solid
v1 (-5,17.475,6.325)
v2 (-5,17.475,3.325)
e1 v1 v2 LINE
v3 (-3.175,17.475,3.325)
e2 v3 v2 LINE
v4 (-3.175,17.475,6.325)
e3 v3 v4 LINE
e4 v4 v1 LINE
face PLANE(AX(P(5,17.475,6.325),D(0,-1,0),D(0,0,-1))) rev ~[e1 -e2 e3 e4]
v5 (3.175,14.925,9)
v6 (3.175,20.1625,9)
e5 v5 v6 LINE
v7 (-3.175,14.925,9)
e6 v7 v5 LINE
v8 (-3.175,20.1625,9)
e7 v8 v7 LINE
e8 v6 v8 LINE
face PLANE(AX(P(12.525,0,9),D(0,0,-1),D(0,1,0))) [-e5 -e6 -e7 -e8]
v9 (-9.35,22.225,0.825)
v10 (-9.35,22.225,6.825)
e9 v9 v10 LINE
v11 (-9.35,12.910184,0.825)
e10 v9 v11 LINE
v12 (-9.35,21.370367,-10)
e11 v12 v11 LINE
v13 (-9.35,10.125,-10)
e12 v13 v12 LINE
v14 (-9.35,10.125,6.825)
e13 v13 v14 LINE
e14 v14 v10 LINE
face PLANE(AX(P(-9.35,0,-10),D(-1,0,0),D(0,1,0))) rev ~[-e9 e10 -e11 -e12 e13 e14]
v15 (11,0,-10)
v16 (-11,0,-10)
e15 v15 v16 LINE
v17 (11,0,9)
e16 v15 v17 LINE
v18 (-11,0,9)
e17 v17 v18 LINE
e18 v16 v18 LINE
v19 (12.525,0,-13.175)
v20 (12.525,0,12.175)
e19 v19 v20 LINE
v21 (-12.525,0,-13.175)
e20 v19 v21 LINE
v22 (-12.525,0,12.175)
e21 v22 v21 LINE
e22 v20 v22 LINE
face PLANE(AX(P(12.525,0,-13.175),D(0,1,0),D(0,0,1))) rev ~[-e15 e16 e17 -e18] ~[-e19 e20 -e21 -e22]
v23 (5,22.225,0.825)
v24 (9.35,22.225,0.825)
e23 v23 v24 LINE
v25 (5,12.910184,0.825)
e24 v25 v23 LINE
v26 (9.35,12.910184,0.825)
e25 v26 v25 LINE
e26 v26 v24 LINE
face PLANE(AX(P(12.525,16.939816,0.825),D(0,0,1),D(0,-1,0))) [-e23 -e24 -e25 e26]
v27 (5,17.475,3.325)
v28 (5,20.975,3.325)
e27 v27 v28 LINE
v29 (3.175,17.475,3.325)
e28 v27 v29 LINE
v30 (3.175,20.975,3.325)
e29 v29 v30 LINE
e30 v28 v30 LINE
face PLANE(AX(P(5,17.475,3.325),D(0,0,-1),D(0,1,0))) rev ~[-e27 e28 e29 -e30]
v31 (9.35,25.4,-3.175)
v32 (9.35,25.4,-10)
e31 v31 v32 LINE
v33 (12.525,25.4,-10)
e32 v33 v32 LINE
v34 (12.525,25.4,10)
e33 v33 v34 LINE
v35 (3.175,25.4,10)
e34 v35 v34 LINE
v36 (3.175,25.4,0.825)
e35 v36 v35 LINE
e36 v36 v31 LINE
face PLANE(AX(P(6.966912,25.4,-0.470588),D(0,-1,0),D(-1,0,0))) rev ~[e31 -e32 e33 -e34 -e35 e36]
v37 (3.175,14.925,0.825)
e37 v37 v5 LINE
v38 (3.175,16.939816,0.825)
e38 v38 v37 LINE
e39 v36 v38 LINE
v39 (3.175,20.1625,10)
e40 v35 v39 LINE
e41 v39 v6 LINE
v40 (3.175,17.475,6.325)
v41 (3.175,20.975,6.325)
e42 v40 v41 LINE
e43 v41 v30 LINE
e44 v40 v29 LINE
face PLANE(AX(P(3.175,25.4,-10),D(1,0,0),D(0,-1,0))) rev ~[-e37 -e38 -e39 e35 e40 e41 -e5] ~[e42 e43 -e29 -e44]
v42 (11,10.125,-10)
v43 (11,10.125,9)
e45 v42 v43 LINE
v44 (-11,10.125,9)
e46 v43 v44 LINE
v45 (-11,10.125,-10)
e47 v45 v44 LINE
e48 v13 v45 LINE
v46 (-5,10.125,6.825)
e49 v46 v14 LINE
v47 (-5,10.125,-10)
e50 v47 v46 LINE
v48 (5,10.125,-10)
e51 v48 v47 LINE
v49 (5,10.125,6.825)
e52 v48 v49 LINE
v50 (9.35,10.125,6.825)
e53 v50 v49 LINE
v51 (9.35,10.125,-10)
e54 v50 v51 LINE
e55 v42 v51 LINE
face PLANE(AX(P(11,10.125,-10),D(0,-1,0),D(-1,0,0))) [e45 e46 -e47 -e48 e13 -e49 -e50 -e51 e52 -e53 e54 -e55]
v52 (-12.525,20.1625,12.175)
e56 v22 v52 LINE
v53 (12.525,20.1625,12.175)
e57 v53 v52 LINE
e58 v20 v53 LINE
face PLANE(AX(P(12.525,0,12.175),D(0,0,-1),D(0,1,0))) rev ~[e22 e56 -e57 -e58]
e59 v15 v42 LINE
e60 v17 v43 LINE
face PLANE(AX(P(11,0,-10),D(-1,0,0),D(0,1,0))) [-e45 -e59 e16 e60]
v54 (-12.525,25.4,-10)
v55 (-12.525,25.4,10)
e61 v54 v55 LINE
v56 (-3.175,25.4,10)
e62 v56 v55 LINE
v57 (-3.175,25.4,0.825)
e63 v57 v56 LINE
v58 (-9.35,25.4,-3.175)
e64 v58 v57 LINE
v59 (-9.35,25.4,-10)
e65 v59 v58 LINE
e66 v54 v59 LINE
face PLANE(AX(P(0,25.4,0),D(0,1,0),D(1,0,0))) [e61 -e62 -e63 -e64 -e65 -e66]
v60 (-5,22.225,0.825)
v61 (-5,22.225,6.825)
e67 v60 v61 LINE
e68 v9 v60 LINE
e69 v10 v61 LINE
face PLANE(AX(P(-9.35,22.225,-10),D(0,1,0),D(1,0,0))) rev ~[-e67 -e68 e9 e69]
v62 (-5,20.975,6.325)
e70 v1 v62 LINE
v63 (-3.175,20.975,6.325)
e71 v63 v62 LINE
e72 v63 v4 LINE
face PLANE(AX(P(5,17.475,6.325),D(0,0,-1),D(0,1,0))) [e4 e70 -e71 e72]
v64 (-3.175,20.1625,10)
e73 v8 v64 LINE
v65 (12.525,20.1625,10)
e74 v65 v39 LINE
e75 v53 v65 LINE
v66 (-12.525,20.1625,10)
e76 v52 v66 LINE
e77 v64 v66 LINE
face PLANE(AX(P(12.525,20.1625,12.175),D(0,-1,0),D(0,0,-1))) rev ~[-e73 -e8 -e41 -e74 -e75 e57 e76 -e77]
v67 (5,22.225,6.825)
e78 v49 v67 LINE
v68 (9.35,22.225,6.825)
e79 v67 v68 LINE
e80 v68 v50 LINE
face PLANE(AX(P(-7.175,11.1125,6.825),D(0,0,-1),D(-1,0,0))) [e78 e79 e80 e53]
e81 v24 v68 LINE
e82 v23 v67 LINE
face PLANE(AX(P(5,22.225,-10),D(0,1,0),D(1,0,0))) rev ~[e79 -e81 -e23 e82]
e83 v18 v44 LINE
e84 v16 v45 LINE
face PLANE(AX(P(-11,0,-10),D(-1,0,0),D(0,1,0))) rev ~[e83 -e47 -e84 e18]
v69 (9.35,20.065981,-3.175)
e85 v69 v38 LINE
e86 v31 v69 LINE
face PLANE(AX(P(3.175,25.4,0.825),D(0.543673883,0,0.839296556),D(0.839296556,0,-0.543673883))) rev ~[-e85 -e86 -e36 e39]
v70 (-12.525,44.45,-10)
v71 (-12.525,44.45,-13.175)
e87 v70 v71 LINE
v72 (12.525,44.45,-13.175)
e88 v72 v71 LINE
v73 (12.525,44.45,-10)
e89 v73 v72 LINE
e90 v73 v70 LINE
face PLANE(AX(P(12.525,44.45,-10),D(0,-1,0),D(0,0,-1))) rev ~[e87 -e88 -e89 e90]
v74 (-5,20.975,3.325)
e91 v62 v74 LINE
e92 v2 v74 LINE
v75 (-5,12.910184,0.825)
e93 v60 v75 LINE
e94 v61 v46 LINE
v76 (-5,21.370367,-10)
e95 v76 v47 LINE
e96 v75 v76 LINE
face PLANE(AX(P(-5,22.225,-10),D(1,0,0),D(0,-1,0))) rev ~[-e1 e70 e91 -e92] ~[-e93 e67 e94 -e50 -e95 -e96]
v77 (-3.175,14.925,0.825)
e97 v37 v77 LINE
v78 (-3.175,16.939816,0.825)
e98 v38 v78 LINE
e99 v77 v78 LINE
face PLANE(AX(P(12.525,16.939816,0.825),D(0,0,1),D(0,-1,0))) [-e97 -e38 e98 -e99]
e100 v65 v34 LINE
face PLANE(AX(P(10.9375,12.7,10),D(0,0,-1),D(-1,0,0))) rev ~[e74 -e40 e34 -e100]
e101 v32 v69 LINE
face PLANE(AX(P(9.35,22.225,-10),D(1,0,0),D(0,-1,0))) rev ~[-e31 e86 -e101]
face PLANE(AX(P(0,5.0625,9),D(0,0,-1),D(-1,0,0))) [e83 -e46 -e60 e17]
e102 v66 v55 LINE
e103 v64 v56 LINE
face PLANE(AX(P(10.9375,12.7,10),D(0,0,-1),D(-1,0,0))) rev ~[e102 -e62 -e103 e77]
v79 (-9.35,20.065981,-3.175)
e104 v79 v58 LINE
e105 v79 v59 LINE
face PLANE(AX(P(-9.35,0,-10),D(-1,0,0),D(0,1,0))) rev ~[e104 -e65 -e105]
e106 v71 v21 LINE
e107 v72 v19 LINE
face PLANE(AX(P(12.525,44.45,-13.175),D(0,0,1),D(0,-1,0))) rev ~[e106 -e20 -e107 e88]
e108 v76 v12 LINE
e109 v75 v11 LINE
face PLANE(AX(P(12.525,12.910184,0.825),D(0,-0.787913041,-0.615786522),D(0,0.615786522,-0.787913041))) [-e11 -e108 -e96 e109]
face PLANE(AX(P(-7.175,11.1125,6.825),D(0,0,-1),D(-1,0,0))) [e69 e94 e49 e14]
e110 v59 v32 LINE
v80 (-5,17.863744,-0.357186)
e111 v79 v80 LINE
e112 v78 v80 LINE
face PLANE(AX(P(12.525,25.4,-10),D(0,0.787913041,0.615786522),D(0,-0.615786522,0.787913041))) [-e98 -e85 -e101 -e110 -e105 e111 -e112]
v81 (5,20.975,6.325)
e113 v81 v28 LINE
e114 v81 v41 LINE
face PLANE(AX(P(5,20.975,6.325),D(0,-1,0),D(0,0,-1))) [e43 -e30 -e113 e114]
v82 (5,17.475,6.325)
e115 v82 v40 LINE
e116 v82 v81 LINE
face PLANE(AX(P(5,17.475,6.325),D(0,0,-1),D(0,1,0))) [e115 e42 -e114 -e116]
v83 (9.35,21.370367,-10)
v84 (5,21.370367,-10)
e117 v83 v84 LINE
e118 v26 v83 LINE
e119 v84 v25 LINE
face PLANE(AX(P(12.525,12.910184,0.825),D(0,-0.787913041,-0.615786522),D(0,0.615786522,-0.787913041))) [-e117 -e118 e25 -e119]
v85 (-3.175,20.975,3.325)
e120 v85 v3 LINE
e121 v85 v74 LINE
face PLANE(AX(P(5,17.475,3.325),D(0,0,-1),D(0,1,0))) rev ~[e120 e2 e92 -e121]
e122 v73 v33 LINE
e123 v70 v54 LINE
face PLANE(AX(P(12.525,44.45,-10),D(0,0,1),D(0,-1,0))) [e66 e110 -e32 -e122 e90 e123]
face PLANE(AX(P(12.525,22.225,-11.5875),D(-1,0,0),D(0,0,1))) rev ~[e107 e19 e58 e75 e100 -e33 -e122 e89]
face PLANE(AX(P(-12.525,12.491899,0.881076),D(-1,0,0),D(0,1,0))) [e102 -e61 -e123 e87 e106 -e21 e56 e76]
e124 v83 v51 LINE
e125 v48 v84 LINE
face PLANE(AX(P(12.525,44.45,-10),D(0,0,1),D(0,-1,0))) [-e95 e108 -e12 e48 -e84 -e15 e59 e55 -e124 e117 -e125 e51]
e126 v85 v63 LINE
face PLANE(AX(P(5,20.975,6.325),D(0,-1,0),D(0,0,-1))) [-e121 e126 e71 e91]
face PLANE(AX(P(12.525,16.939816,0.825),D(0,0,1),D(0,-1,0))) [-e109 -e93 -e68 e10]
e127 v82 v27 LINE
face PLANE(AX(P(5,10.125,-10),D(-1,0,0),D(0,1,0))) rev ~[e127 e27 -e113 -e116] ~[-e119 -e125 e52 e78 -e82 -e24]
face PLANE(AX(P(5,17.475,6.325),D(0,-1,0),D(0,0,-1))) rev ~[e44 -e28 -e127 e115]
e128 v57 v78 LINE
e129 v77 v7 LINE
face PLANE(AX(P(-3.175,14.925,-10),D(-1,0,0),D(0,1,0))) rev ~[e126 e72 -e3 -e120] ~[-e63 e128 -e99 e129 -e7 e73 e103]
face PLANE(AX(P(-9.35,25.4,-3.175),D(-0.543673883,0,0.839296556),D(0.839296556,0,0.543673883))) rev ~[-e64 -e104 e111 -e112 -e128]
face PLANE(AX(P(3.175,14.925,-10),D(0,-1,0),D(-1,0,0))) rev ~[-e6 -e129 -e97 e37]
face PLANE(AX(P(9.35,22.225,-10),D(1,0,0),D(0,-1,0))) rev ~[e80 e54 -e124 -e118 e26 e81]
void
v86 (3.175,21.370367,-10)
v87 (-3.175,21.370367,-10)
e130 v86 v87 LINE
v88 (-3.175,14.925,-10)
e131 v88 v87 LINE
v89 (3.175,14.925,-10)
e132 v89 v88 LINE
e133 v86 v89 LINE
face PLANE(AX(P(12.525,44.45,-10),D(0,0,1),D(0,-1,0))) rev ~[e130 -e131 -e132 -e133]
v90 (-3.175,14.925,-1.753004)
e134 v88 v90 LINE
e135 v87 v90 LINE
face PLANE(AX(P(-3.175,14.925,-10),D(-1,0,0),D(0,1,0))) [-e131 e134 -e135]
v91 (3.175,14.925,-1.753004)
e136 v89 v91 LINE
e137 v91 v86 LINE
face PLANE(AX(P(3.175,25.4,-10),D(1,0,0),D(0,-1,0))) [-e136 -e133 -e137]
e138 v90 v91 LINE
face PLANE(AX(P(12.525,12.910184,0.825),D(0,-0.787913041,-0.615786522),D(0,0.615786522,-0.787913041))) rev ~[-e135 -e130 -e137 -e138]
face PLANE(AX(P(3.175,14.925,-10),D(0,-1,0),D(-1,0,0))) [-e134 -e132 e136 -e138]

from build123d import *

# Parameters (mm, degrees)
SKETCH2_W            = 18.7
SKETCH2_H            = 20
BOSS_EXTRUDE1_DEPTH  = 25.4
SKETCH3_W            = 6.35
SKETCH3_H            = 3.175
SKETCH3_H_2          = 4.125
CUT_EXTRUDE1_DEPTH   = 34.653863077
SKETCH5_W            = 3.175
SKETCH5_H            = 25.4
BOSS_EXTRUDE2_DEPTH  = 20
SKETCH6_W            = 10
SKETCH6_H            = 10.125
CUT_EXTRUDE2_DEPTH   = 16.825
CUT_EXTRUDE3_REACH   = 34.439
SKETCH7_W            = 3
SKETCH7_H            = 3.5
SKETCH8_W            = 22
SKETCH8_H            = 10.125
CUT_EXTRUDE4_DEPTH   = 19
BOSS_EXTRUDE3_REACH  = 39.049
SKETCH10_W           = 3.175
SKETCH10_H           = 20.1625
BOSS_EXTRUDE10_REACH = 39.695
CUT_EXTRUDE5_REACH   = 33.235
SKETCH12_W           = 6.175
SKETCH12_H           = 10.825
BOSS_EXTRUDE11_REACH = 33.235


with BuildPart() as part:
    # Sketch2 → Boss-Extrude1 (new body)
    with BuildSketch(Plane(origin=(0, 0, 0), x_dir=(1, 0, 0), z_dir=(0, 1, 0))):
        Rectangle(SKETCH2_W, SKETCH2_H)
    extrude(amount=BOSS_EXTRUDE1_DEPTH)

    # Sketch3 → Cut-Extrude1 (cut, through all)
    with BuildSketch(Plane(origin=(0, 0, -10), x_dir=(-1, 0, 0), z_dir=(0, 0, -1))):
        with Locations((0, 16.5125)):
            Rectangle(SKETCH3_W, SKETCH3_H)
        with Locations((0, 20.1625)):
            Rectangle(SKETCH3_W, SKETCH3_H_2)
        with Locations((0, 23.8125)):
            Rectangle(SKETCH3_W, SKETCH3_H)
    extrude(amount=-CUT_EXTRUDE1_DEPTH, mode=Mode.SUBTRACT)

    # Sketch5 → Boss-Extrude2 (add)
    with BuildSketch(Plane(origin=(0, 0, -10), x_dir=(-1, 0, 0), z_dir=(0, 0, -1))):
        with Locations((-10.9375, 12.7)):
            Rectangle(SKETCH5_W, SKETCH5_H)
        with Locations((10.9375, 12.7)):
            Rectangle(SKETCH5_W, SKETCH5_H)
    extrude(amount=-BOSS_EXTRUDE2_DEPTH)

    # Sketch6 → Cut-Extrude2 (cut)
    with BuildSketch(Plane(origin=(0, 0, -10), x_dir=(-1, 0, 0), z_dir=(0, 0, -1))):
        Polygon((5, 22.225), (5, 10.125), (5, 0), (9.35, 0), (9.35, 22.225), align=None)
        with Locations((0, 5.0625)):
            Rectangle(SKETCH6_W, SKETCH6_H)
        Polygon((-5, 22.225), (-9.35, 22.225), (-9.35, 0), (-5, 0), (-5, 10.125), align=None)
    extrude(amount=-CUT_EXTRUDE2_DEPTH, mode=Mode.SUBTRACT)

    # Cut-Extrude3: up to this face of the body (flat: up to its plane)
    cut_extrude3_end = Plane(part.part.faces().sort_by_distance((-5, 16.175, -1.5875))[0])
    # Sketch7 → Cut-Extrude3 (cut, up to the picked face)
    with BuildSketch(Plane(origin=(5, 0, 0), x_dir=(0, 0, -1), z_dir=(1, 0, 0)), mode=Mode.PRIVATE) as cut_extrude3_sk1:
        with Locations((-4.825, 19.225)):
            Rectangle(SKETCH7_W, SKETCH7_H)
    cut_extrude3_tool1 = split(extrude(cut_extrude3_sk1.sketch, amount=-CUT_EXTRUDE3_REACH, mode=Mode.PRIVATE), bisect_by=cut_extrude3_end, keep=Keep.BOTH, mode=Mode.PRIVATE)
    add(cut_extrude3_tool1.solids().sort_by(Axis((5, 19.225, 4.825), (-1, 0, 0)))[0], mode=Mode.SUBTRACT)

    # Sketch8 → Cut-Extrude4 (cut)
    with BuildSketch(Plane(origin=(0, 0, -10), x_dir=(-1, 0, 0), z_dir=(0, 0, -1))):
        with Locations((0, 5.0625)):
            Rectangle(SKETCH8_W, SKETCH8_H)
    extrude(amount=-CUT_EXTRUDE4_DEPTH, mode=Mode.SUBTRACT)

    # Boss-Extrude3: up to this face of the body (flat: up to its plane)
    boss_extrude3_end = Plane(part.part.faces().sort_by_distance((-12.525, 12.7, 0))[0])
    # Sketch10 → Boss-Extrude3 (add, up to the picked face)
    with BuildSketch(Plane(origin=(12.525, 0, 0), x_dir=(0, 0, -1), z_dir=(1, 0, 0)), mode=Mode.PRIVATE) as boss_extrude3_sk1:
        with Locations((-10.5875, 10.08125)):
            Rectangle(SKETCH10_W, SKETCH10_H)
    boss_extrude3_tool1 = split(extrude(boss_extrude3_sk1.sketch, amount=-BOSS_EXTRUDE3_REACH, mode=Mode.PRIVATE), bisect_by=boss_extrude3_end, keep=Keep.BOTH, mode=Mode.PRIVATE)
    add(boss_extrude3_tool1.solids().sort_by(Axis((12.525, 10.08125, 10.5875), (-1, 0, 0)))[0])

    # Boss-Extrude10: up to this face of the body (flat: up to its plane)
    boss_extrude10_end = Plane(part.part.faces().sort_by_distance((-12.525, 12.491899114, 0.881076306))[0])
    # Sketch11 → Boss-Extrude10 (add, up to the picked face)
    with BuildSketch(Plane(origin=(12.525, 0, 0), x_dir=(0, 0, -1), z_dir=(1, 0, 0)), mode=Mode.PRIVATE) as boss_extrude10_sk1:
        Polygon((-0.825, 16.939816253), (-0.825, 12.910183747), (10, 21.370367494), (10, 25.4), align=None)
    boss_extrude10_tool1 = split(extrude(boss_extrude10_sk1.sketch, amount=-BOSS_EXTRUDE10_REACH, mode=Mode.PRIVATE), bisect_by=boss_extrude10_end, keep=Keep.BOTH, mode=Mode.PRIVATE)
    # Sketch11 → Boss-Extrude10 (add, up to the picked face)
    with BuildSketch(Plane(origin=(12.525, 0, 0), x_dir=(0, 0, -1), z_dir=(1, 0, 0)), mode=Mode.PRIVATE) as boss_extrude10_sk2:
        Polygon((13.175, 0), (10, 0), (10, 25.4), (10, 44.45), (13.175, 44.45), align=None)
    boss_extrude10_tool2 = split(extrude(boss_extrude10_sk2.sketch, amount=-BOSS_EXTRUDE10_REACH, mode=Mode.PRIVATE), bisect_by=boss_extrude10_end, keep=Keep.BOTH, mode=Mode.PRIVATE)
    add(boss_extrude10_tool1.solids().sort_by(Axis((12.525, 19.155092, -4.5875), (-1, 0, 0)))[0])
    add(boss_extrude10_tool2.solids().sort_by(Axis((12.525, 22.225, -11.5875), (-1, 0, 0)))[0])

    # Cut-Extrude5: up to this face of the body (flat: up to its plane)
    cut_extrude5_end = Plane(part.part.faces().sort_by_distance((0, 21.169908126, -4.5875))[0])
    # Sketch12 → Cut-Extrude5 (cut, up to the picked face)
    with BuildSketch(Plane(origin=(0, 25.4, 0), x_dir=(1, 0, 0), z_dir=(0, 1, 0)), mode=Mode.PRIVATE) as cut_extrude5_sk1:
        Polygon((-3.175, 10), (-9.35, 10), (-9.35, 3.175), (-3.175, -0.825), align=None)
    cut_extrude5_tool1 = split(extrude(cut_extrude5_sk1.sketch, amount=-CUT_EXTRUDE5_REACH, mode=Mode.PRIVATE), bisect_by=cut_extrude5_end, keep=Keep.BOTH, mode=Mode.PRIVATE)
    # Sketch12 → Cut-Extrude5 (cut, up to the picked face)
    with BuildSketch(Plane(origin=(0, 25.4, 0), x_dir=(1, 0, 0), z_dir=(0, 1, 0)), mode=Mode.PRIVATE) as cut_extrude5_sk2:
        with Locations((6.2625, 4.5875)):
            Rectangle(SKETCH12_W, SKETCH12_H)
    cut_extrude5_tool2 = split(extrude(cut_extrude5_sk2.sketch, amount=-CUT_EXTRUDE5_REACH, mode=Mode.PRIVATE), bisect_by=cut_extrude5_end, keep=Keep.BOTH, mode=Mode.PRIVATE)
    add(cut_extrude5_tool1.solids().sort_by(Axis((-6.029261, 25.4, -5.511957), (0, -1, 0)))[0], mode=Mode.SUBTRACT)
    add(cut_extrude5_tool2.solids().sort_by(Axis((6.2625, 25.4, -4.5875), (0, -1, 0)))[0], mode=Mode.SUBTRACT)

    # Boss-Extrude11: up to this plane
    boss_extrude11_end = Plane(origin=(-59.127601859, 10.916634462, 8.531799857), z_dir=(0, 0.7879130405339252, 0.6157865219023434))
    # Sketch13 → Boss-Extrude11 (add, up to the surface)
    with BuildSketch(Plane(origin=(0, 25.4, 0), x_dir=(1, 0, 0), z_dir=(0, 1, 0)), mode=Mode.PRIVATE) as boss_extrude11_sk1:
        Polygon((-9.35, 3.175), (-9.35, -0.825), (-3.175, -0.825), align=None)
    boss_extrude11_tool1 = split(extrude(boss_extrude11_sk1.sketch, amount=-BOSS_EXTRUDE11_REACH, mode=Mode.PRIVATE), bisect_by=boss_extrude11_end, keep=Keep.BOTH, mode=Mode.PRIVATE)
    add(boss_extrude11_tool1.solids().sort_by_distance((-7.291667, 25.4, -0.508333))[0])
    # Sketch13 → Boss-Extrude11 (add, up to the surface)
    with BuildSketch(Plane(origin=(0, 25.4, 0), x_dir=(1, 0, 0), z_dir=(0, 1, 0)), mode=Mode.PRIVATE) as boss_extrude11_sk2:
        Polygon((9.35, 3.175), (9.35, -0.825), (3.175, -0.825), align=None)
    boss_extrude11_tool2 = split(extrude(boss_extrude11_sk2.sketch, amount=-BOSS_EXTRUDE11_REACH, mode=Mode.PRIVATE), bisect_by=boss_extrude11_end, keep=Keep.BOTH, mode=Mode.PRIVATE)
    add(boss_extrude11_tool2.solids().sort_by_distance((7.291667, 25.4, -0.508333))[0])


solid = part.part
